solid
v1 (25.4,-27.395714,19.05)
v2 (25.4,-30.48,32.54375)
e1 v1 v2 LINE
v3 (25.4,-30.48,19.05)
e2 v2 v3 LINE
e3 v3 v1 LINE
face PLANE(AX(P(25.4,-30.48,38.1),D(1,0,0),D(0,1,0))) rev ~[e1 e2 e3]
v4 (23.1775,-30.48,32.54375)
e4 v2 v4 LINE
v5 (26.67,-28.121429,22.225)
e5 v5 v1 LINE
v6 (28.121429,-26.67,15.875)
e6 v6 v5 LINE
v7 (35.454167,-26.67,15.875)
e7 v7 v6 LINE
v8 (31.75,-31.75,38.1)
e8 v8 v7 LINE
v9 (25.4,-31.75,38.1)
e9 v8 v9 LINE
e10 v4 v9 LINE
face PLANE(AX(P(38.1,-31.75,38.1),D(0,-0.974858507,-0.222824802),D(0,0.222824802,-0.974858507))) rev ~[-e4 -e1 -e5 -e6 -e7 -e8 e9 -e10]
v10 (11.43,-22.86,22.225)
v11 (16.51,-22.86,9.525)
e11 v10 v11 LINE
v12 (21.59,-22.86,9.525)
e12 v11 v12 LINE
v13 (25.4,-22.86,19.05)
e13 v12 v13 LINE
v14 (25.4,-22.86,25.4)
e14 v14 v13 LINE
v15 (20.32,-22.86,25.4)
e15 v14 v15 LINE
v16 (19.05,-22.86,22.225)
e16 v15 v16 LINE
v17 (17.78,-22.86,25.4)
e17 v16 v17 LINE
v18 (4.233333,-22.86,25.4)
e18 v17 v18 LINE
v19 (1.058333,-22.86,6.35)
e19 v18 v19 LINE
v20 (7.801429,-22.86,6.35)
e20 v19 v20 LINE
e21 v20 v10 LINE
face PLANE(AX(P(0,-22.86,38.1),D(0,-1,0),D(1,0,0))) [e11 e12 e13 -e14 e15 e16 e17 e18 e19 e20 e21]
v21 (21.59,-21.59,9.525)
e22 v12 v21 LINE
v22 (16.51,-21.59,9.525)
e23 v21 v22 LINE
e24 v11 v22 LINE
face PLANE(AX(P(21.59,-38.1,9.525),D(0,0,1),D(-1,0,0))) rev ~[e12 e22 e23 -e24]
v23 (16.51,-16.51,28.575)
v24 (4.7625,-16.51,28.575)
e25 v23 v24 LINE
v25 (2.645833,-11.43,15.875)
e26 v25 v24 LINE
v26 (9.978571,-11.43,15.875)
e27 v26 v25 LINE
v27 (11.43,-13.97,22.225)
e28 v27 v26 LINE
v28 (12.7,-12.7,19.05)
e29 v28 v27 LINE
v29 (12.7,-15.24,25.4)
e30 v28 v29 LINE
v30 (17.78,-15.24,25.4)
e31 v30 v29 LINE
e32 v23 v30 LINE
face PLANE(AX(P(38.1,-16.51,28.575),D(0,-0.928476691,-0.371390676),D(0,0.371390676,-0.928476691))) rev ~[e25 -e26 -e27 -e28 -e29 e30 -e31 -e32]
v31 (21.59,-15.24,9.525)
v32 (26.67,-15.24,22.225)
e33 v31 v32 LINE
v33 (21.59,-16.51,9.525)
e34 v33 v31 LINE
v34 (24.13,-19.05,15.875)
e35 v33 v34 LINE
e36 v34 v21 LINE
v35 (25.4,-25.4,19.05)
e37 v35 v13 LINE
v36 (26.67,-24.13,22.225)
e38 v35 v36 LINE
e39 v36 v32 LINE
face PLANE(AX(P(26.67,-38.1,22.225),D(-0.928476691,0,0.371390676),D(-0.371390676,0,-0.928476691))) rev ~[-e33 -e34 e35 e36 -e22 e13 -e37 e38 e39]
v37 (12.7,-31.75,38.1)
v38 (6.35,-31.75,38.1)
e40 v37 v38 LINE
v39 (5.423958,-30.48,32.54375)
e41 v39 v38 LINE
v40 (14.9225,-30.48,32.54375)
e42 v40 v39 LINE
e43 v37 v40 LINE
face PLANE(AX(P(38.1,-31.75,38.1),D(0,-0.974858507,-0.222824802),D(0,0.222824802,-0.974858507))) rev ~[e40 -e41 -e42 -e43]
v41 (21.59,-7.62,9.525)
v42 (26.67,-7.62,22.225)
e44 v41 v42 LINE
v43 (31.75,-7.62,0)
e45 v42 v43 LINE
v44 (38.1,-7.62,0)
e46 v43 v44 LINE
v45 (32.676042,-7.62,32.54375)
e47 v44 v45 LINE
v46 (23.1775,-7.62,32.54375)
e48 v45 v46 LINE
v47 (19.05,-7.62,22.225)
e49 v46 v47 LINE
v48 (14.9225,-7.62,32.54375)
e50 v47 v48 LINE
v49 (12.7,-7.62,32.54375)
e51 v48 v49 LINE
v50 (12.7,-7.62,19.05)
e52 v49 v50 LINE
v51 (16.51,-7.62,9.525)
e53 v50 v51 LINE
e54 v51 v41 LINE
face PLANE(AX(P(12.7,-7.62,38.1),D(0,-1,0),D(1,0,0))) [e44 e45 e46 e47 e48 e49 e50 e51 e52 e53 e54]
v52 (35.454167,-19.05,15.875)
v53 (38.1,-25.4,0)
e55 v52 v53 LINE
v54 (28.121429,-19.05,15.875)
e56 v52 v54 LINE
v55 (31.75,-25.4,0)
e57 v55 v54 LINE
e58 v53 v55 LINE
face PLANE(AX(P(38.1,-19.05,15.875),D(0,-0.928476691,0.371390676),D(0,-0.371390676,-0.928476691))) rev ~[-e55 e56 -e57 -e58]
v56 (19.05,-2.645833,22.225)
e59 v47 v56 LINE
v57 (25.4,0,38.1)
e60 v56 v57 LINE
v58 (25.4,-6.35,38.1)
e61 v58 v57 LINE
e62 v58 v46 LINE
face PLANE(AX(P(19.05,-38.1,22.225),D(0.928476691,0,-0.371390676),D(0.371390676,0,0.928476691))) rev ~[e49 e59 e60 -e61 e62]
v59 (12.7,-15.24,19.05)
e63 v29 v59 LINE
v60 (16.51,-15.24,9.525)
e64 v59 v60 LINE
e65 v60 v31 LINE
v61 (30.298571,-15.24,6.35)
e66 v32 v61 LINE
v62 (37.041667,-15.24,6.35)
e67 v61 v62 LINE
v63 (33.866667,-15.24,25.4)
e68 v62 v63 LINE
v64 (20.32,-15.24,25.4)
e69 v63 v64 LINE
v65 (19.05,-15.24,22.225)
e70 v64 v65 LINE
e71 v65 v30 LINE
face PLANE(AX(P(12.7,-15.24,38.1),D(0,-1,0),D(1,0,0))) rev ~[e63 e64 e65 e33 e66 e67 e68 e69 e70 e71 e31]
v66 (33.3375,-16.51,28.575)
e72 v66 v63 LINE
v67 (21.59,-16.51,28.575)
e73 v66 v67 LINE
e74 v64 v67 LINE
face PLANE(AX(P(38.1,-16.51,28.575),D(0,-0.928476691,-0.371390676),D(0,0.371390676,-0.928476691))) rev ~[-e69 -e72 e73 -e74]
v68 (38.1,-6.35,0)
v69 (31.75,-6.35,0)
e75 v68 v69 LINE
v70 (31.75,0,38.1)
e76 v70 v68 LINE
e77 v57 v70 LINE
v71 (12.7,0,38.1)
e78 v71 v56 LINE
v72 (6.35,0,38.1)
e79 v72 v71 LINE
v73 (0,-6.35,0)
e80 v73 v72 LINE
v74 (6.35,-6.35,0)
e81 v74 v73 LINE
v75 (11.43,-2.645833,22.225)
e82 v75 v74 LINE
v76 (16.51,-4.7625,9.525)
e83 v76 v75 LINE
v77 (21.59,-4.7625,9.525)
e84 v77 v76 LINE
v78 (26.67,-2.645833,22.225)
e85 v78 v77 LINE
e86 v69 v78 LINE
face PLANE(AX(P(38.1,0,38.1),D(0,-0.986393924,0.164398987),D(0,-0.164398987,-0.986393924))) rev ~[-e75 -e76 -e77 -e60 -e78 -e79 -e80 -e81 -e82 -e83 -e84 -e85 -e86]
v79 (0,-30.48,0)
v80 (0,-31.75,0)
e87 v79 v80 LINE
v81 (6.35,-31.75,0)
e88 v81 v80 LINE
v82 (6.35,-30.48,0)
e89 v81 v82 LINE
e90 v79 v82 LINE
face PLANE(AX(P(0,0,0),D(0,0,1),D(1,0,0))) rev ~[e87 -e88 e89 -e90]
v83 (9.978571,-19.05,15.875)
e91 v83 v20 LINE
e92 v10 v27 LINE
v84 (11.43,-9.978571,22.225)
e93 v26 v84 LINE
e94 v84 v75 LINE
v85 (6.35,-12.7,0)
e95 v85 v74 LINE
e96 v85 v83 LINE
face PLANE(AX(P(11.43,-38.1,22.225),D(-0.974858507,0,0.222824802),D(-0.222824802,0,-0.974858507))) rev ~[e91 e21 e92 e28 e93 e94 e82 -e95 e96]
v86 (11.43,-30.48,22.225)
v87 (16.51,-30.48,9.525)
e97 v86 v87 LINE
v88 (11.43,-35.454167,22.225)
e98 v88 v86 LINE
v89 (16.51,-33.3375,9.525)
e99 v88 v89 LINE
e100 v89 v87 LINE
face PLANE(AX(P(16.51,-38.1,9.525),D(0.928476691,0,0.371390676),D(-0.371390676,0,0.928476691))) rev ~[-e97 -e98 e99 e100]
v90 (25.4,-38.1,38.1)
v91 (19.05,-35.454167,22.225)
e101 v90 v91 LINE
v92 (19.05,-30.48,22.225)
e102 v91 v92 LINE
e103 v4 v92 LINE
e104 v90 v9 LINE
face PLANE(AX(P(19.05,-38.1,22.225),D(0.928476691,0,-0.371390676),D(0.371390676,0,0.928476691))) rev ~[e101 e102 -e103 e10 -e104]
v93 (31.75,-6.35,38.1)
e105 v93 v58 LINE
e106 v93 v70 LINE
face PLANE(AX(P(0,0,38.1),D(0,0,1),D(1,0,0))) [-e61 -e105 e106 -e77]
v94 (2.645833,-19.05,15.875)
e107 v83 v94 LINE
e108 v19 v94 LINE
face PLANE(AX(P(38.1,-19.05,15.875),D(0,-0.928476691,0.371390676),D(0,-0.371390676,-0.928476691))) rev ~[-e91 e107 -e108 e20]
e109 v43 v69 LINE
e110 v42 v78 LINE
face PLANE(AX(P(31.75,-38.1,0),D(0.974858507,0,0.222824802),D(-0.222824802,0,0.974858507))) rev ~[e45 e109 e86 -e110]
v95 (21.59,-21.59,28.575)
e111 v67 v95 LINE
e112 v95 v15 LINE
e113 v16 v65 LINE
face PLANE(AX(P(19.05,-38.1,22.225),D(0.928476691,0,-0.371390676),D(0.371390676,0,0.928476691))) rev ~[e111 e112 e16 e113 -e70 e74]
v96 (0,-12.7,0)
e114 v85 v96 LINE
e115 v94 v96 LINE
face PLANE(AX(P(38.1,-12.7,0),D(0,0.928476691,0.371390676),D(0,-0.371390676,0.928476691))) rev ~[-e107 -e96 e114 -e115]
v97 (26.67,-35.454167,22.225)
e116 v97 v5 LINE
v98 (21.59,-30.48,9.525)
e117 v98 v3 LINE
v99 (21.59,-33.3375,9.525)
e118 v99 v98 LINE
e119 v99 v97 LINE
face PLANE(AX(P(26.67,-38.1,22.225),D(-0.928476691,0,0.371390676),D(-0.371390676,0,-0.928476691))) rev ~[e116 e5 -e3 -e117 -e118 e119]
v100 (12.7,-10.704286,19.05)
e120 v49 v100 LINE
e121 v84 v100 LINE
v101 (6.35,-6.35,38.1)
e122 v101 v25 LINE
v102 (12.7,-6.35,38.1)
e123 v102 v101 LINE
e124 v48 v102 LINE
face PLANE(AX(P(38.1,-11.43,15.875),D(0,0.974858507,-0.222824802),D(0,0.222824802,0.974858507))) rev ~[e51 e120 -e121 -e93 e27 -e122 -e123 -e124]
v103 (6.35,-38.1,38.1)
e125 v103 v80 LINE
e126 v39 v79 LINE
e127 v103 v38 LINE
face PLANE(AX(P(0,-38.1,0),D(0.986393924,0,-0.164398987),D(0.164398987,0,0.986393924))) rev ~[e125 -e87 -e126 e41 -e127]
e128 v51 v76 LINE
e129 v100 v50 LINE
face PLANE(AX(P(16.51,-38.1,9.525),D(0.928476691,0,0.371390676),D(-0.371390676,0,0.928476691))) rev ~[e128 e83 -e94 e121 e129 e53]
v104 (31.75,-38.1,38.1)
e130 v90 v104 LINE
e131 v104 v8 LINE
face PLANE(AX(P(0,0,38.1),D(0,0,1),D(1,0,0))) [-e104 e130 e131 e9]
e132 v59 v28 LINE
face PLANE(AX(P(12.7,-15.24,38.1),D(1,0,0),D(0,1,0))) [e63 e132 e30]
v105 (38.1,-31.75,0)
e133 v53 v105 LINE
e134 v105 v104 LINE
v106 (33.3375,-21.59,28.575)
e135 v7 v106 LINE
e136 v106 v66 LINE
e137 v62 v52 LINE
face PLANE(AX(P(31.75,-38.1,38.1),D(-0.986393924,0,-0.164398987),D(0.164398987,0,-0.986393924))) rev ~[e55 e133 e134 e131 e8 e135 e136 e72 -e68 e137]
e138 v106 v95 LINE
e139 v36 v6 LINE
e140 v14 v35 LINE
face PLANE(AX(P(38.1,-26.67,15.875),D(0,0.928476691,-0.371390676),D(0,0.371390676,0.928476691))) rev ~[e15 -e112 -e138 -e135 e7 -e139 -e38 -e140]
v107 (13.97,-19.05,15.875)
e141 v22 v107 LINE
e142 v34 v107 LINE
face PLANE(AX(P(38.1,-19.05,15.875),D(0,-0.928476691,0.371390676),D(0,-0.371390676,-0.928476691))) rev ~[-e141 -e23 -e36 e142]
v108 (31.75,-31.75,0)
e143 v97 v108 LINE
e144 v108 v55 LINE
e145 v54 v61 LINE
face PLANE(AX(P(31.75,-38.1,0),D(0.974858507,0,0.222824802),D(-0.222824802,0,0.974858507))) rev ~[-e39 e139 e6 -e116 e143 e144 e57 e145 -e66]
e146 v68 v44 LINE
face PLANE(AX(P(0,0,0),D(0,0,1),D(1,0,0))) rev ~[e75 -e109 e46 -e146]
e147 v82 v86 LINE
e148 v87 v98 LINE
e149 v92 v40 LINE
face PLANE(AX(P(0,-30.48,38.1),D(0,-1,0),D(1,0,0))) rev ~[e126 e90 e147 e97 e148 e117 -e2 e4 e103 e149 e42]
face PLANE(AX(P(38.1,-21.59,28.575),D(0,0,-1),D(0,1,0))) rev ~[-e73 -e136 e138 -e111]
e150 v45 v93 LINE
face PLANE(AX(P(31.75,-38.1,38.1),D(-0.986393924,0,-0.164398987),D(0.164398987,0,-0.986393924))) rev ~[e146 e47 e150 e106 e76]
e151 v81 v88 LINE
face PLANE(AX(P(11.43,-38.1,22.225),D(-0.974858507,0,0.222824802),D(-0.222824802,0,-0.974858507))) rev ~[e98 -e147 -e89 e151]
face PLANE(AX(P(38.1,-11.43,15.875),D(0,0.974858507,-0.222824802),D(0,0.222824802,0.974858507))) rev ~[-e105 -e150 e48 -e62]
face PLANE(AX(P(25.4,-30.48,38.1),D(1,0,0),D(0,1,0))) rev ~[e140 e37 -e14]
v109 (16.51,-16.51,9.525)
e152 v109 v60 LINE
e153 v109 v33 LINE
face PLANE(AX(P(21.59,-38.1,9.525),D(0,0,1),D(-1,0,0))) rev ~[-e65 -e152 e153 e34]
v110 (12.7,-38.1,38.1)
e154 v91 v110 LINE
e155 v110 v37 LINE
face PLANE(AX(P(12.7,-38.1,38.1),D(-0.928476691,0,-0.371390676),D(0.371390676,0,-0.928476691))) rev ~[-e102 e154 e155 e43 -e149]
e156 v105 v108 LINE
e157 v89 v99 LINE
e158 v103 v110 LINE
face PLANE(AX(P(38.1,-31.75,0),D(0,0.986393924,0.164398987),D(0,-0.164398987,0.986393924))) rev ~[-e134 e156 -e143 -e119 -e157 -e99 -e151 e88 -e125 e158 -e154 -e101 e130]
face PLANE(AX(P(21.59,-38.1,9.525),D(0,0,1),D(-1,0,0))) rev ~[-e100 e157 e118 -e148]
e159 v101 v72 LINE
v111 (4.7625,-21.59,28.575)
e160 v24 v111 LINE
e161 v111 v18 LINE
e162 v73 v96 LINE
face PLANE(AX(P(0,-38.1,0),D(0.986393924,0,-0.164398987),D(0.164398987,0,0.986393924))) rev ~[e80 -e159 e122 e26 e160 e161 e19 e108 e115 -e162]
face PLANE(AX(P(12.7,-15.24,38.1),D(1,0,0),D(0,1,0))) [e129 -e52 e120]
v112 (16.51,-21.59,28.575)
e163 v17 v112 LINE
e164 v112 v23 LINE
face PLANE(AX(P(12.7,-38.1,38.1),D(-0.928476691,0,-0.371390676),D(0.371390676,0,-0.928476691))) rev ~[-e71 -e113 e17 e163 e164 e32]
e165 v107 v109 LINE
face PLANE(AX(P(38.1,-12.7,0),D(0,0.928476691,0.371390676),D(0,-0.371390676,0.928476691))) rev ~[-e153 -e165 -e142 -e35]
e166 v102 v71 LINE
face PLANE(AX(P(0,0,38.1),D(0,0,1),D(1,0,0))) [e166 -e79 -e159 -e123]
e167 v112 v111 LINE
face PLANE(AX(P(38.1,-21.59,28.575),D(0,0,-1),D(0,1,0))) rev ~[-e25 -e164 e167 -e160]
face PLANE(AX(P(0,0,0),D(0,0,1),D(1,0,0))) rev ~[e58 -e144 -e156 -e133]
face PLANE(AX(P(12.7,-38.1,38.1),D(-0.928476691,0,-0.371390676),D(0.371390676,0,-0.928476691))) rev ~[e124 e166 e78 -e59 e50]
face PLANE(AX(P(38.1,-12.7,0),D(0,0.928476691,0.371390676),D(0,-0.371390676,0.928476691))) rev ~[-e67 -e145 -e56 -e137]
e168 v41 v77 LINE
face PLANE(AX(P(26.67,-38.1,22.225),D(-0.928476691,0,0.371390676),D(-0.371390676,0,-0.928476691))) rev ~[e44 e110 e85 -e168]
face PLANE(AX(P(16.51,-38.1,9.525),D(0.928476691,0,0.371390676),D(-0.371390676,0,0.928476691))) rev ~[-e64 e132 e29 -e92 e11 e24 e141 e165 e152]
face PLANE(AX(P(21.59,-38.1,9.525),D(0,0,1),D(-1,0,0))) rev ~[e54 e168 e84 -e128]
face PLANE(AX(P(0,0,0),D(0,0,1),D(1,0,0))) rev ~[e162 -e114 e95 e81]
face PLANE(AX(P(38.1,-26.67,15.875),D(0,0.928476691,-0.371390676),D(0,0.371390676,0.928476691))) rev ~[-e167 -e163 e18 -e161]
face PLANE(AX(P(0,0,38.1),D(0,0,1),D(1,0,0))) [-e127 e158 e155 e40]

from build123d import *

# Parameters (mm, degrees)
F0_W      = 38.1
F0_H      = 38.1
F1_DEPTH  = 38.1
F6_DEPTH  = 38.1
F8_DEPTH  = 38.1
F9_W      = 25.4
F9_H      = 7.62
F10_DEPTH = 38.1


with BuildPart() as f1:
    # F0 (on Front) → F1 (new body)
    with BuildSketch(Plane.XZ):
        with Locations((19.05, 19.05)):
            Rectangle(F0_W, F0_H)
    extrude(amount=F1_DEPTH)

    # F5 (on offset) → F6 (cut)
    with BuildSketch(Plane.YZ.offset(38.1)):
        Polygon((-31.75, 0), (-38.1, 38.1), (-38.1, 0), align=None)
        Polygon((-25.4, 0), (-12.7, 0), (-19.05, 15.875), align=None)
        Polygon((-6.35, 0), (0, 0), (0, 38.1), align=None)
        Polygon((-11.43, 15.875), (-6.35, 38.1), (-31.75, 38.1), (-26.67, 15.875), (-21.59, 28.575), (-16.51, 28.575), align=None)
    extrude(amount=-F6_DEPTH, mode=Mode.SUBTRACT)

    # F7 (on offset) → F8 (cut)
    with BuildSketch(Plane.XZ.offset(38.1)):
        Polygon((0, 38.1), (0, 0), (6.35, 38.1), align=None)
        Polygon((11.43, 22.225), (6.35, 0), (31.75, 0), (26.67, 22.225), (21.59, 9.525), (16.51, 9.525), align=None)
        Polygon((31.75, 38.1), (38.1, 0), (38.1, 38.1), align=None)
        Polygon((25.4, 38.1), (12.7, 38.1), (19.05, 22.225), align=None)
    extrude(amount=-F8_DEPTH, mode=Mode.SUBTRACT)

    # F9 (on offset) → F10 (cut)
    with BuildSketch(Plane.XY.offset(38.1)):
        with Locations((25.4, -11.43)):
            Rectangle(F9_W, F9_H)
        with Locations((12.7, -26.67)):
            Rectangle(F9_W, F9_H)
    extrude(amount=-F10_DEPTH, mode=Mode.SUBTRACT)


solid = f1.part
